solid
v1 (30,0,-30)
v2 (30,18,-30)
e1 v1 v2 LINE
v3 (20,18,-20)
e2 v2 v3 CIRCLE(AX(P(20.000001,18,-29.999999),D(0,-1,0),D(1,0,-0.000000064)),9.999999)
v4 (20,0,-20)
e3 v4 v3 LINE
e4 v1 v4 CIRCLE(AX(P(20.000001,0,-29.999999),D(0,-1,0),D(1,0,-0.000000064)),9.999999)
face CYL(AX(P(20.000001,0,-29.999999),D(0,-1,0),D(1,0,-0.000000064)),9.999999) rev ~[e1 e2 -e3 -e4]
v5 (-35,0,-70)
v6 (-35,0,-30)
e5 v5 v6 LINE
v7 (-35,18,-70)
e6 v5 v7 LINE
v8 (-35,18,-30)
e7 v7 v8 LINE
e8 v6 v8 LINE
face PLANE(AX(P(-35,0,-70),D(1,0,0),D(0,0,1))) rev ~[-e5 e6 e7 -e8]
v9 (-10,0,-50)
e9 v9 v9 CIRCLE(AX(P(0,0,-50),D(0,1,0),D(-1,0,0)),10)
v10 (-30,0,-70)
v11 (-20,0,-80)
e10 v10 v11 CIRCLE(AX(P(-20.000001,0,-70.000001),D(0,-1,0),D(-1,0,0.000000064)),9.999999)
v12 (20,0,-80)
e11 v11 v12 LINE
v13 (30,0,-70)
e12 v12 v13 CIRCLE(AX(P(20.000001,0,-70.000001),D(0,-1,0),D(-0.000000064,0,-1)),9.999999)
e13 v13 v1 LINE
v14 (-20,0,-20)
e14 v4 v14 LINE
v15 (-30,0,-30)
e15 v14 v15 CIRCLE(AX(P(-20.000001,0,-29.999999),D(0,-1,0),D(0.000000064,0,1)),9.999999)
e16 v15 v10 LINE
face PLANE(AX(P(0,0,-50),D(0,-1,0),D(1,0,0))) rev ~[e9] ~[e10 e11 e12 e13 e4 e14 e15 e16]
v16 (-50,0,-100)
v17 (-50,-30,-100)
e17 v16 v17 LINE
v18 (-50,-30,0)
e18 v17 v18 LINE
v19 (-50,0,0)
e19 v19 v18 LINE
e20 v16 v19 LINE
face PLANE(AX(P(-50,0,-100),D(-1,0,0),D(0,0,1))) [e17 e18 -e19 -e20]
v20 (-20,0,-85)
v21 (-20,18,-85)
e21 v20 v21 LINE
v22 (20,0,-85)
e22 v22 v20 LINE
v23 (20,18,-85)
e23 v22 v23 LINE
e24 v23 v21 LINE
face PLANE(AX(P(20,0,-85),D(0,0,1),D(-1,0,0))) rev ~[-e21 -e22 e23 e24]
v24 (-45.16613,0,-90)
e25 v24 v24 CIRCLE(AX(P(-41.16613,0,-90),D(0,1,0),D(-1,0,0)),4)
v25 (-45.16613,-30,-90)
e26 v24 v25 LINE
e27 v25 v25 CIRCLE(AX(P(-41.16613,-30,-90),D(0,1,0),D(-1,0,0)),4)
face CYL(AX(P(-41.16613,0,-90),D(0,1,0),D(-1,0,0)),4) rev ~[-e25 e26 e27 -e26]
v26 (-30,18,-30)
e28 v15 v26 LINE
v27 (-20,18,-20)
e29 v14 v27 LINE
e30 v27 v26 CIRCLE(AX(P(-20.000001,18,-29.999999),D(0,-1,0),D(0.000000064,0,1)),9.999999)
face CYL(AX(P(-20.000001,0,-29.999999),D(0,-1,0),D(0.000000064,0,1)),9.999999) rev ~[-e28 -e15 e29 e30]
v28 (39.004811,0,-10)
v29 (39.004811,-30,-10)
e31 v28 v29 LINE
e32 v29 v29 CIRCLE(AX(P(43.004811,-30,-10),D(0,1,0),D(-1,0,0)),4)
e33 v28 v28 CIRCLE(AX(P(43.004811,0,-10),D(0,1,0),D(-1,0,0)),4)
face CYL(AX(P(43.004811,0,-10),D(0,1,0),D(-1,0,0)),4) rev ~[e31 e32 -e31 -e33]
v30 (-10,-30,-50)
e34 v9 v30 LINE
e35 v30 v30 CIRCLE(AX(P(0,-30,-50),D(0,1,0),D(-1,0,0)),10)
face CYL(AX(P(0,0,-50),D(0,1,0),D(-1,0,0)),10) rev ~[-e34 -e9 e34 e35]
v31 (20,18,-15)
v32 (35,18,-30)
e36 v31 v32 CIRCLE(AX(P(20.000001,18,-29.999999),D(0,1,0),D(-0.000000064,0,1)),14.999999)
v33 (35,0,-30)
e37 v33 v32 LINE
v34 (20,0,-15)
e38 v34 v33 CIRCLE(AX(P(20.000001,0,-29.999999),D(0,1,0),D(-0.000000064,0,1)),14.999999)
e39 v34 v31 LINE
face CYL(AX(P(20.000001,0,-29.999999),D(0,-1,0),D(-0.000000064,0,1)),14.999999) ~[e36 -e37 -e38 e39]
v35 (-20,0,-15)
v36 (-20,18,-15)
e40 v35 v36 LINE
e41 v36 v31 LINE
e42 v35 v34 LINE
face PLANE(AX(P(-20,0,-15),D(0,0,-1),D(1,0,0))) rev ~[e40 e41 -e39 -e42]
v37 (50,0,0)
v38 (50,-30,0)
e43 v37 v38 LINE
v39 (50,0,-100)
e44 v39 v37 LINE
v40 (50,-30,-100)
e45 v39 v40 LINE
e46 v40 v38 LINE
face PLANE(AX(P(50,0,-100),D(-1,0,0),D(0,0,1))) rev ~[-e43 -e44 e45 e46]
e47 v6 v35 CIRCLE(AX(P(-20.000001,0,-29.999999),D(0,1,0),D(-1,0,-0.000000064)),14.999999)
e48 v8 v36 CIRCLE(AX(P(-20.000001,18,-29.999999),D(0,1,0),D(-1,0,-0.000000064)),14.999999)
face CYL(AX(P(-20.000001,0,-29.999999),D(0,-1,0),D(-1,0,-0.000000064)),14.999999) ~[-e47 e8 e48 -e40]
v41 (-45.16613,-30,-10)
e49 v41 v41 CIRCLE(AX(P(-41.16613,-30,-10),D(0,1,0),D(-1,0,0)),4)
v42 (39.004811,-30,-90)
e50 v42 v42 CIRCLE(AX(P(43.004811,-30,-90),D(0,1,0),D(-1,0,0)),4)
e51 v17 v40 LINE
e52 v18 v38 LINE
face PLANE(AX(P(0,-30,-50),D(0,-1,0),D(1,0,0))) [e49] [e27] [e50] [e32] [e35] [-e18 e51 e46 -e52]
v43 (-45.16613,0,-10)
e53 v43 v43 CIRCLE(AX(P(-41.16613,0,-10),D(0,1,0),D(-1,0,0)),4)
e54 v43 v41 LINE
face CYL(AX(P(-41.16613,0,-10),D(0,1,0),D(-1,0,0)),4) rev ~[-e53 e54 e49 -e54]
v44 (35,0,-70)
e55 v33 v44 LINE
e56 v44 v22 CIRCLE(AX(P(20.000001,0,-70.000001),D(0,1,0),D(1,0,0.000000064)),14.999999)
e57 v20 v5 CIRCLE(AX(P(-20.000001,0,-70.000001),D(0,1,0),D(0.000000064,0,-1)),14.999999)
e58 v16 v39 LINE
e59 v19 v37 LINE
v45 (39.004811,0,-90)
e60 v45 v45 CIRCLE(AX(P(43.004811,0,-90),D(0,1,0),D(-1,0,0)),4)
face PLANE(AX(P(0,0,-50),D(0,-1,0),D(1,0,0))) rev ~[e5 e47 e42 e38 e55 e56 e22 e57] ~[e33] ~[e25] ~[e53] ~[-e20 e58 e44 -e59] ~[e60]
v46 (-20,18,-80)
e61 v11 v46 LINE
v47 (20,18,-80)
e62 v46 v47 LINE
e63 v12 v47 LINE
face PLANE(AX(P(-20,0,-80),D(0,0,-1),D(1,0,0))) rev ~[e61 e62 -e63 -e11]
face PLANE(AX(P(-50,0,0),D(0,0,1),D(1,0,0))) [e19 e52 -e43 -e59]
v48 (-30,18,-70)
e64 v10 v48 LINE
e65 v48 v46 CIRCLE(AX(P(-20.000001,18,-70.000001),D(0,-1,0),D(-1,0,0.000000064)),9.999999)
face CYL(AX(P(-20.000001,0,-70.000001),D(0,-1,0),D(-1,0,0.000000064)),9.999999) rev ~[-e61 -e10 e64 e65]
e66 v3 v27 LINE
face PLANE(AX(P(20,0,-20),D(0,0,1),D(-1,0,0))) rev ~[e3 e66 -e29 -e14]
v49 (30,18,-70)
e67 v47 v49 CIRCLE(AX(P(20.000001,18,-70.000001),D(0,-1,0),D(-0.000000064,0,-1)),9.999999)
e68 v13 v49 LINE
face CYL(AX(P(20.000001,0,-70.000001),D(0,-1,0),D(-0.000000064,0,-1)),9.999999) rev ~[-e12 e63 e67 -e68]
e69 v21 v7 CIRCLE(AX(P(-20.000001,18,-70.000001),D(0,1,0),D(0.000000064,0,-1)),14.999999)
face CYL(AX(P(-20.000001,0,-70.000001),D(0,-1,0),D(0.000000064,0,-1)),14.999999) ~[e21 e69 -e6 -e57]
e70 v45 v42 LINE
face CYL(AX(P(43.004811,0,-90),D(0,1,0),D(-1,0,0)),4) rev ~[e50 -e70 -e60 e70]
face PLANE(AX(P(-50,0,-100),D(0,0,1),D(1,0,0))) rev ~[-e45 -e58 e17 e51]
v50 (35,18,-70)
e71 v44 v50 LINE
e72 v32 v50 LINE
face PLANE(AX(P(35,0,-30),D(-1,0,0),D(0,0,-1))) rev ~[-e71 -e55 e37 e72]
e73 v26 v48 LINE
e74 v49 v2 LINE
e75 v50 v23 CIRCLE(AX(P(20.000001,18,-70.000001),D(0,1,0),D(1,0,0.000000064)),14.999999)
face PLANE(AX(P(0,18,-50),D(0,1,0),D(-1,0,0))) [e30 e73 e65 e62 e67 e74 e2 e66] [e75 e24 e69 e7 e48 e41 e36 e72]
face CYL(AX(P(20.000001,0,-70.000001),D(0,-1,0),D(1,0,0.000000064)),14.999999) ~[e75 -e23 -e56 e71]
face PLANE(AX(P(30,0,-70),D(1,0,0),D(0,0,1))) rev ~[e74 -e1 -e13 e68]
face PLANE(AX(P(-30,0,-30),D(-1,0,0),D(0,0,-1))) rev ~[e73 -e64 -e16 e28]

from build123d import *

# Parameters (mm, degrees)
F0_W     = 100
F0_H     = 100
F1_DEPTH = 30
F3_DEPTH = 18
F4_R     = 10
F4_R_2   = 4
F5_DEPTH = 30.001


with BuildPart() as f1:
    # F0 (on Front) → F1 (new body)
    with BuildSketch(Plane.XZ):
        with Locations((0, -50)):
            Rectangle(F0_W, F0_H)
    extrude(amount=F1_DEPTH)

    # F2 (on face) → F3 (join)
    with BuildSketch(Plane(origin=(0, 0, 0), x_dir=(-1, 0, 0), z_dir=(0, 1, 0))):
        with BuildLine():
            ThreePointArc((-35, -70), (-30.606602, -80.606602), (-20, -85))
            Line((-20, -85), (20, -85))
            ThreePointArc((20, -85), (30.606602, -80.606602), (35, -70))
            Line((35, -70), (35, -30))
            ThreePointArc((35, -30), (30.606602, -19.393398), (20, -15))
            Line((20, -15), (-20, -15))
            ThreePointArc((-20, -15), (-30.606602, -19.393398), (-35, -30))
            Line((-35, -30), (-35, -70))
        make_face()
        with BuildLine():
            Line((20, -80), (-20, -80))
            ThreePointArc((-20, -80), (-27.071068, -77.071068), (-30, -70))
            Line((-30, -70), (-30, -30))
            ThreePointArc((-30, -30), (-27.071068, -22.928932), (-20, -20))
            Line((-20, -20), (20, -20))
            ThreePointArc((20, -20), (27.071068, -22.928932), (30, -30))
            Line((30, -30), (30, -70))
            ThreePointArc((30, -70), (27.071068, -77.071068), (20, -80))
        make_face(mode=Mode.SUBTRACT)
    extrude(amount=F3_DEPTH)

    # F4 (on face) → F5 (cut, through all)
    with BuildSketch(Plane(origin=(0, 0, 0), x_dir=(-1, 0, 0), z_dir=(0, 1, 0))):
        with Locations((0, -50)):
            Circle(F4_R)
        with Locations((41.16613, -90)):
            Circle(F4_R_2)
        with Locations((41.16613, -10)):
            Circle(F4_R_2)
        with Locations((-43.004811, -90)):
            Circle(F4_R_2)
        with Locations((-43.004811, -10)):
            Circle(F4_R_2)
    extrude(amount=-F5_DEPTH, mode=Mode.SUBTRACT)


solid = f1.part
